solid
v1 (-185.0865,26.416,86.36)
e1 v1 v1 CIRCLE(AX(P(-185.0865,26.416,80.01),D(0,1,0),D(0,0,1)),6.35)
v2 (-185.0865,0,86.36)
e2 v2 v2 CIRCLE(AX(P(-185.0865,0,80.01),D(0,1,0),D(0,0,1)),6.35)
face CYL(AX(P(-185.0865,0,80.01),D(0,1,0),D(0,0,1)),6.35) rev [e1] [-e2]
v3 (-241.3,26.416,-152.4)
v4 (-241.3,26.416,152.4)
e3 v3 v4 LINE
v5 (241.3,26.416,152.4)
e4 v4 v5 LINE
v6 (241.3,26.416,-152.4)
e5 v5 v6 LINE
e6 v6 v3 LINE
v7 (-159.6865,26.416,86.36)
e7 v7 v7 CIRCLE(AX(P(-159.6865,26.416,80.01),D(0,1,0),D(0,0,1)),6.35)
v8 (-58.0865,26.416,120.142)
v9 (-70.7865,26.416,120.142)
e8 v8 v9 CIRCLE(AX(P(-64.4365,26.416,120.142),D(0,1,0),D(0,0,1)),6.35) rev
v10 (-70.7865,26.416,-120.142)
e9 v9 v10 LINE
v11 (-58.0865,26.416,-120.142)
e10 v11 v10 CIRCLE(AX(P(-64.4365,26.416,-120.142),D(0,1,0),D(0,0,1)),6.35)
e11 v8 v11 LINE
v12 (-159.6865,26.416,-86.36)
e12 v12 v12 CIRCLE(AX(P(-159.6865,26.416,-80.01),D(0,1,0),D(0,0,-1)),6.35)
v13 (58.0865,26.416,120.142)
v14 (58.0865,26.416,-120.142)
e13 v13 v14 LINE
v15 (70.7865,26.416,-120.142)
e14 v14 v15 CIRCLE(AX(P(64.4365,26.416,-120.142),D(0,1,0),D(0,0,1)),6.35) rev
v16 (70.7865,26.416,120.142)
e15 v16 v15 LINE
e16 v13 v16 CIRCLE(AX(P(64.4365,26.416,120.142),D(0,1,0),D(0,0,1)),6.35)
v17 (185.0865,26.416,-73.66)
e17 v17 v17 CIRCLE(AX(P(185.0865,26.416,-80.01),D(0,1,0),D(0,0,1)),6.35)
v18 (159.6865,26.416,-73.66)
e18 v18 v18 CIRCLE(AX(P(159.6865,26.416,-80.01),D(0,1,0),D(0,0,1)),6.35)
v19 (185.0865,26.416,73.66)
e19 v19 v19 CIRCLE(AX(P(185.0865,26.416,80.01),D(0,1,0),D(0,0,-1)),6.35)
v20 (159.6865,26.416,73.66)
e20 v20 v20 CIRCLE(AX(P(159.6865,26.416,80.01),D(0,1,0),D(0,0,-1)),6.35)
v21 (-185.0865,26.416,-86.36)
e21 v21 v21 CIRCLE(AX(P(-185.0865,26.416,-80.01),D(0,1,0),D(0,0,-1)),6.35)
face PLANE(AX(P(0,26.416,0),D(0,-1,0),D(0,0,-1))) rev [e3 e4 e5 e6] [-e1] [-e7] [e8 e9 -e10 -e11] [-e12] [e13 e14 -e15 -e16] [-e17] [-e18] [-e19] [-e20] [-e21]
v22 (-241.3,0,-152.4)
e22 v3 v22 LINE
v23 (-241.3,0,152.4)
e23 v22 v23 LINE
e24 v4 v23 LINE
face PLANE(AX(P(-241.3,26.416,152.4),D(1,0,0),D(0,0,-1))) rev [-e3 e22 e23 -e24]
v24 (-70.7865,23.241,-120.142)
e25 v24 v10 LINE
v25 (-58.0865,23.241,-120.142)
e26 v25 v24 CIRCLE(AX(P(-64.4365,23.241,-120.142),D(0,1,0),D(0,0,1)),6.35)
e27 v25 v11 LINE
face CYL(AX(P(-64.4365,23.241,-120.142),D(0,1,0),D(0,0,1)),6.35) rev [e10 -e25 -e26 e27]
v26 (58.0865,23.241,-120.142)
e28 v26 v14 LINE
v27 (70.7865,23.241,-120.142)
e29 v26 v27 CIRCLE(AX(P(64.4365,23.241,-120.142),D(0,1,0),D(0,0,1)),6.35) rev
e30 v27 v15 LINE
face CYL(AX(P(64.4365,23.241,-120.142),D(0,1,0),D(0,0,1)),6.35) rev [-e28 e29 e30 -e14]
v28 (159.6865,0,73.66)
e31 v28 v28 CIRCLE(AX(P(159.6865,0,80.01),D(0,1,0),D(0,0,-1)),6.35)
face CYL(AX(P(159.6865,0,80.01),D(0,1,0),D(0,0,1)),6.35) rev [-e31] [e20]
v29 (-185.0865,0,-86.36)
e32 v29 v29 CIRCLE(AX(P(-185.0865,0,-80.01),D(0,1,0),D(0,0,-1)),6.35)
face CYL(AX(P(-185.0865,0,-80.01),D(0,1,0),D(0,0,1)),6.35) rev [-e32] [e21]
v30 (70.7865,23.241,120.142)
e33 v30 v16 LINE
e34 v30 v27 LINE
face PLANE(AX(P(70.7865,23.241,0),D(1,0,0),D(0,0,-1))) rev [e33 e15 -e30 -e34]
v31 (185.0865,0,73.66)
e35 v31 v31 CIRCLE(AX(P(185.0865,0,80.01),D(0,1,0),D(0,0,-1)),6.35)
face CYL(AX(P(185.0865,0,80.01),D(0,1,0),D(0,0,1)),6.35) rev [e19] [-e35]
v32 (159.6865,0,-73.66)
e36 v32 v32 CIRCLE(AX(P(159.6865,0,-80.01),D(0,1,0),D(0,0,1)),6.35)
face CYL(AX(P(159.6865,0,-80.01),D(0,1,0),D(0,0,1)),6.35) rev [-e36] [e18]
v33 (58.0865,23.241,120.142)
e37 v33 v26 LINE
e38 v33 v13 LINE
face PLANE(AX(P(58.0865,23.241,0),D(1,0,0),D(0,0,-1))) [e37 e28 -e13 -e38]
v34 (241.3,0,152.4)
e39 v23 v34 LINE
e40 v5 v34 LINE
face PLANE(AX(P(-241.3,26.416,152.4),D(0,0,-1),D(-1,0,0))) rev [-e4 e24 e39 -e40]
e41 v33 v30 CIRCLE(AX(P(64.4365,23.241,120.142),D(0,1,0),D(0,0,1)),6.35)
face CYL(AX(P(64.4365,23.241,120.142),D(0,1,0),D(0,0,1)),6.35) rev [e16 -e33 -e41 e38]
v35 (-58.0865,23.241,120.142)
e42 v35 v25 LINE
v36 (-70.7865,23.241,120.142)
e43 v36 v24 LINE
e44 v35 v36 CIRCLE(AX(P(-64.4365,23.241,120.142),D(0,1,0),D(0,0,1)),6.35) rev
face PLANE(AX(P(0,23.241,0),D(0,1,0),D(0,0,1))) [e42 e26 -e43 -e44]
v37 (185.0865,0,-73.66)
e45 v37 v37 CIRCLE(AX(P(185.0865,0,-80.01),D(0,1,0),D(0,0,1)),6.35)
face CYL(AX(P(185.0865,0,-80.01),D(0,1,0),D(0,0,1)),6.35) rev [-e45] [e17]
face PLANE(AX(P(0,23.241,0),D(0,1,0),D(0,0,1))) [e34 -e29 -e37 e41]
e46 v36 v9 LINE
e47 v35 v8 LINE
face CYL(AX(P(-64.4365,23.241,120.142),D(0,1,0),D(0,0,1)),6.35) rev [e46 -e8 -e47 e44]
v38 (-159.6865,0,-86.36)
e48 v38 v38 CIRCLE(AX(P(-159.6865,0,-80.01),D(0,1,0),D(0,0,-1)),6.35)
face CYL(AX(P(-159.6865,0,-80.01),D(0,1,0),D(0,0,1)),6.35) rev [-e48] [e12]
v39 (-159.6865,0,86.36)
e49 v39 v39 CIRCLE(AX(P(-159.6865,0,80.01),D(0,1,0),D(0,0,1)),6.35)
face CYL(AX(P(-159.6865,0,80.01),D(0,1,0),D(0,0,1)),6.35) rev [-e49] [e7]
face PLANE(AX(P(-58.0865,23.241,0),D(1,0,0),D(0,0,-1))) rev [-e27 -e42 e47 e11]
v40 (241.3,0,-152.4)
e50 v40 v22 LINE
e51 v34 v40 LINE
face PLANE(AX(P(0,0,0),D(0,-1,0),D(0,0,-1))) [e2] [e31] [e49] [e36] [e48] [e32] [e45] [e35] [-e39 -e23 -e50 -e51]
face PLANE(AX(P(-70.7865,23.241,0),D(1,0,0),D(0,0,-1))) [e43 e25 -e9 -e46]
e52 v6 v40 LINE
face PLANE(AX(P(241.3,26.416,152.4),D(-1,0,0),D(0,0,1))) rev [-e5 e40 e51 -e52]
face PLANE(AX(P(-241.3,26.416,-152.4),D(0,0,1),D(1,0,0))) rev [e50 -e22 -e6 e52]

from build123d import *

# Parameters (mm, degrees)
SKETCH1_W           = 482.6
SKETCH1_H           = 304.8
BOSS_EXTRUDE1_DEPTH = 26.416
CUT_EXTRUDE3_DEPTH  = 3.175
SKETCH3_R           = 6.35
CUT_EXTRUDE2_DEPTH  = 27.416


with BuildPart() as part:
    # Sketch1 → Boss-Extrude1 (new body)
    with BuildSketch(Plane(origin=(0, 0, 0), x_dir=(1, 0, 0), z_dir=(0, 1, 0))):
        Rectangle(SKETCH1_W, SKETCH1_H)
    extrude(amount=BOSS_EXTRUDE1_DEPTH)

    # Sketch2 → Cut-Extrude3 (cut)
    with BuildSketch(Plane(origin=(0, 26.416, 0), x_dir=(1, 0, 0), z_dir=(0, 1, 0))):
        with BuildLine():
            Line((-70.7865, 120.142), (-70.7865, -120.142))
            ThreePointArc((-70.7865, -120.142), (-64.4365, -113.792), (-58.0865, -120.142))
            Line((-58.0865, -120.142), (-58.0865, 120.142))
            ThreePointArc((-58.0865, 120.142), (-64.4365, 113.792), (-70.7865, 120.142))
        make_face()
        with BuildLine():
            ThreePointArc((-58.0865, 120.142), (-64.4365, 126.492), (-70.7865, 120.142))
            Line((-70.7865, 120.142), (-58.0865, 120.142))
        make_face()
        with BuildLine():
            Line((-58.0865, 120.142), (-70.7865, 120.142))
            ThreePointArc((-70.7865, 120.142), (-64.4365, 113.792), (-58.0865, 120.142))
        make_face()
        with BuildLine():
            ThreePointArc((-58.0865, -120.142), (-64.4365, -113.792), (-70.7865, -120.142))
            Line((-70.7865, -120.142), (-58.0865, -120.142))
        make_face()
        with BuildLine():
            Line((-58.0865, -120.142), (-70.7865, -120.142))
            ThreePointArc((-70.7865, -120.142), (-64.4365, -126.492), (-58.0865, -120.142))
        make_face()
        with BuildLine():
            ThreePointArc((58.0865, 120.142), (64.4365, 113.792), (70.7865, 120.142))
            Line((70.7865, 120.142), (58.0865, 120.142))
        make_face()
        with BuildLine():
            Line((58.0865, 120.142), (70.7865, 120.142))
            ThreePointArc((70.7865, 120.142), (64.4365, 126.492), (58.0865, 120.142))
        make_face()
        with BuildLine():
            Line((70.7865, -120.142), (70.7865, 120.142))
            ThreePointArc((70.7865, 120.142), (64.4365, 113.792), (58.0865, 120.142))
            Line((58.0865, 120.142), (58.0865, -120.142))
            ThreePointArc((58.0865, -120.142), (64.4365, -113.792), (70.7865, -120.142))
        make_face()
        with BuildLine():
            ThreePointArc((58.0865, -120.142), (64.4365, -126.492), (70.7865, -120.142))
            Line((70.7865, -120.142), (58.0865, -120.142))
        make_face()
        with BuildLine():
            Line((58.0865, -120.142), (70.7865, -120.142))
            ThreePointArc((70.7865, -120.142), (64.4365, -113.792), (58.0865, -120.142))
        make_face()
    extrude(amount=-CUT_EXTRUDE3_DEPTH, mode=Mode.SUBTRACT)

    # Sketch3 → Cut-Extrude2 (cut, through all)
    with BuildSketch(Plane(origin=(0, 26.416, 0), x_dir=(1, 0, 0), z_dir=(0, 1, 0))):
        with Locations((-185.0865, -80.01)):
            Circle(SKETCH3_R)
        with Locations((-159.6865, -80.01)):
            Circle(SKETCH3_R)
        with Locations((-159.6865, 80.01)):
            Circle(SKETCH3_R)
        with Locations((-185.0865, 80.01)):
            Circle(SKETCH3_R)
        with Locations((159.6865, -80.01)):
            Circle(SKETCH3_R)
        with Locations((185.0865, -80.01)):
            Circle(SKETCH3_R)
        with Locations((159.6865, 80.01)):
            Circle(SKETCH3_R)
        with Locations((185.0865, 80.01)):
            Circle(SKETCH3_R)
    extrude(amount=-CUT_EXTRUDE2_DEPTH, mode=Mode.SUBTRACT)


solid = part.part
